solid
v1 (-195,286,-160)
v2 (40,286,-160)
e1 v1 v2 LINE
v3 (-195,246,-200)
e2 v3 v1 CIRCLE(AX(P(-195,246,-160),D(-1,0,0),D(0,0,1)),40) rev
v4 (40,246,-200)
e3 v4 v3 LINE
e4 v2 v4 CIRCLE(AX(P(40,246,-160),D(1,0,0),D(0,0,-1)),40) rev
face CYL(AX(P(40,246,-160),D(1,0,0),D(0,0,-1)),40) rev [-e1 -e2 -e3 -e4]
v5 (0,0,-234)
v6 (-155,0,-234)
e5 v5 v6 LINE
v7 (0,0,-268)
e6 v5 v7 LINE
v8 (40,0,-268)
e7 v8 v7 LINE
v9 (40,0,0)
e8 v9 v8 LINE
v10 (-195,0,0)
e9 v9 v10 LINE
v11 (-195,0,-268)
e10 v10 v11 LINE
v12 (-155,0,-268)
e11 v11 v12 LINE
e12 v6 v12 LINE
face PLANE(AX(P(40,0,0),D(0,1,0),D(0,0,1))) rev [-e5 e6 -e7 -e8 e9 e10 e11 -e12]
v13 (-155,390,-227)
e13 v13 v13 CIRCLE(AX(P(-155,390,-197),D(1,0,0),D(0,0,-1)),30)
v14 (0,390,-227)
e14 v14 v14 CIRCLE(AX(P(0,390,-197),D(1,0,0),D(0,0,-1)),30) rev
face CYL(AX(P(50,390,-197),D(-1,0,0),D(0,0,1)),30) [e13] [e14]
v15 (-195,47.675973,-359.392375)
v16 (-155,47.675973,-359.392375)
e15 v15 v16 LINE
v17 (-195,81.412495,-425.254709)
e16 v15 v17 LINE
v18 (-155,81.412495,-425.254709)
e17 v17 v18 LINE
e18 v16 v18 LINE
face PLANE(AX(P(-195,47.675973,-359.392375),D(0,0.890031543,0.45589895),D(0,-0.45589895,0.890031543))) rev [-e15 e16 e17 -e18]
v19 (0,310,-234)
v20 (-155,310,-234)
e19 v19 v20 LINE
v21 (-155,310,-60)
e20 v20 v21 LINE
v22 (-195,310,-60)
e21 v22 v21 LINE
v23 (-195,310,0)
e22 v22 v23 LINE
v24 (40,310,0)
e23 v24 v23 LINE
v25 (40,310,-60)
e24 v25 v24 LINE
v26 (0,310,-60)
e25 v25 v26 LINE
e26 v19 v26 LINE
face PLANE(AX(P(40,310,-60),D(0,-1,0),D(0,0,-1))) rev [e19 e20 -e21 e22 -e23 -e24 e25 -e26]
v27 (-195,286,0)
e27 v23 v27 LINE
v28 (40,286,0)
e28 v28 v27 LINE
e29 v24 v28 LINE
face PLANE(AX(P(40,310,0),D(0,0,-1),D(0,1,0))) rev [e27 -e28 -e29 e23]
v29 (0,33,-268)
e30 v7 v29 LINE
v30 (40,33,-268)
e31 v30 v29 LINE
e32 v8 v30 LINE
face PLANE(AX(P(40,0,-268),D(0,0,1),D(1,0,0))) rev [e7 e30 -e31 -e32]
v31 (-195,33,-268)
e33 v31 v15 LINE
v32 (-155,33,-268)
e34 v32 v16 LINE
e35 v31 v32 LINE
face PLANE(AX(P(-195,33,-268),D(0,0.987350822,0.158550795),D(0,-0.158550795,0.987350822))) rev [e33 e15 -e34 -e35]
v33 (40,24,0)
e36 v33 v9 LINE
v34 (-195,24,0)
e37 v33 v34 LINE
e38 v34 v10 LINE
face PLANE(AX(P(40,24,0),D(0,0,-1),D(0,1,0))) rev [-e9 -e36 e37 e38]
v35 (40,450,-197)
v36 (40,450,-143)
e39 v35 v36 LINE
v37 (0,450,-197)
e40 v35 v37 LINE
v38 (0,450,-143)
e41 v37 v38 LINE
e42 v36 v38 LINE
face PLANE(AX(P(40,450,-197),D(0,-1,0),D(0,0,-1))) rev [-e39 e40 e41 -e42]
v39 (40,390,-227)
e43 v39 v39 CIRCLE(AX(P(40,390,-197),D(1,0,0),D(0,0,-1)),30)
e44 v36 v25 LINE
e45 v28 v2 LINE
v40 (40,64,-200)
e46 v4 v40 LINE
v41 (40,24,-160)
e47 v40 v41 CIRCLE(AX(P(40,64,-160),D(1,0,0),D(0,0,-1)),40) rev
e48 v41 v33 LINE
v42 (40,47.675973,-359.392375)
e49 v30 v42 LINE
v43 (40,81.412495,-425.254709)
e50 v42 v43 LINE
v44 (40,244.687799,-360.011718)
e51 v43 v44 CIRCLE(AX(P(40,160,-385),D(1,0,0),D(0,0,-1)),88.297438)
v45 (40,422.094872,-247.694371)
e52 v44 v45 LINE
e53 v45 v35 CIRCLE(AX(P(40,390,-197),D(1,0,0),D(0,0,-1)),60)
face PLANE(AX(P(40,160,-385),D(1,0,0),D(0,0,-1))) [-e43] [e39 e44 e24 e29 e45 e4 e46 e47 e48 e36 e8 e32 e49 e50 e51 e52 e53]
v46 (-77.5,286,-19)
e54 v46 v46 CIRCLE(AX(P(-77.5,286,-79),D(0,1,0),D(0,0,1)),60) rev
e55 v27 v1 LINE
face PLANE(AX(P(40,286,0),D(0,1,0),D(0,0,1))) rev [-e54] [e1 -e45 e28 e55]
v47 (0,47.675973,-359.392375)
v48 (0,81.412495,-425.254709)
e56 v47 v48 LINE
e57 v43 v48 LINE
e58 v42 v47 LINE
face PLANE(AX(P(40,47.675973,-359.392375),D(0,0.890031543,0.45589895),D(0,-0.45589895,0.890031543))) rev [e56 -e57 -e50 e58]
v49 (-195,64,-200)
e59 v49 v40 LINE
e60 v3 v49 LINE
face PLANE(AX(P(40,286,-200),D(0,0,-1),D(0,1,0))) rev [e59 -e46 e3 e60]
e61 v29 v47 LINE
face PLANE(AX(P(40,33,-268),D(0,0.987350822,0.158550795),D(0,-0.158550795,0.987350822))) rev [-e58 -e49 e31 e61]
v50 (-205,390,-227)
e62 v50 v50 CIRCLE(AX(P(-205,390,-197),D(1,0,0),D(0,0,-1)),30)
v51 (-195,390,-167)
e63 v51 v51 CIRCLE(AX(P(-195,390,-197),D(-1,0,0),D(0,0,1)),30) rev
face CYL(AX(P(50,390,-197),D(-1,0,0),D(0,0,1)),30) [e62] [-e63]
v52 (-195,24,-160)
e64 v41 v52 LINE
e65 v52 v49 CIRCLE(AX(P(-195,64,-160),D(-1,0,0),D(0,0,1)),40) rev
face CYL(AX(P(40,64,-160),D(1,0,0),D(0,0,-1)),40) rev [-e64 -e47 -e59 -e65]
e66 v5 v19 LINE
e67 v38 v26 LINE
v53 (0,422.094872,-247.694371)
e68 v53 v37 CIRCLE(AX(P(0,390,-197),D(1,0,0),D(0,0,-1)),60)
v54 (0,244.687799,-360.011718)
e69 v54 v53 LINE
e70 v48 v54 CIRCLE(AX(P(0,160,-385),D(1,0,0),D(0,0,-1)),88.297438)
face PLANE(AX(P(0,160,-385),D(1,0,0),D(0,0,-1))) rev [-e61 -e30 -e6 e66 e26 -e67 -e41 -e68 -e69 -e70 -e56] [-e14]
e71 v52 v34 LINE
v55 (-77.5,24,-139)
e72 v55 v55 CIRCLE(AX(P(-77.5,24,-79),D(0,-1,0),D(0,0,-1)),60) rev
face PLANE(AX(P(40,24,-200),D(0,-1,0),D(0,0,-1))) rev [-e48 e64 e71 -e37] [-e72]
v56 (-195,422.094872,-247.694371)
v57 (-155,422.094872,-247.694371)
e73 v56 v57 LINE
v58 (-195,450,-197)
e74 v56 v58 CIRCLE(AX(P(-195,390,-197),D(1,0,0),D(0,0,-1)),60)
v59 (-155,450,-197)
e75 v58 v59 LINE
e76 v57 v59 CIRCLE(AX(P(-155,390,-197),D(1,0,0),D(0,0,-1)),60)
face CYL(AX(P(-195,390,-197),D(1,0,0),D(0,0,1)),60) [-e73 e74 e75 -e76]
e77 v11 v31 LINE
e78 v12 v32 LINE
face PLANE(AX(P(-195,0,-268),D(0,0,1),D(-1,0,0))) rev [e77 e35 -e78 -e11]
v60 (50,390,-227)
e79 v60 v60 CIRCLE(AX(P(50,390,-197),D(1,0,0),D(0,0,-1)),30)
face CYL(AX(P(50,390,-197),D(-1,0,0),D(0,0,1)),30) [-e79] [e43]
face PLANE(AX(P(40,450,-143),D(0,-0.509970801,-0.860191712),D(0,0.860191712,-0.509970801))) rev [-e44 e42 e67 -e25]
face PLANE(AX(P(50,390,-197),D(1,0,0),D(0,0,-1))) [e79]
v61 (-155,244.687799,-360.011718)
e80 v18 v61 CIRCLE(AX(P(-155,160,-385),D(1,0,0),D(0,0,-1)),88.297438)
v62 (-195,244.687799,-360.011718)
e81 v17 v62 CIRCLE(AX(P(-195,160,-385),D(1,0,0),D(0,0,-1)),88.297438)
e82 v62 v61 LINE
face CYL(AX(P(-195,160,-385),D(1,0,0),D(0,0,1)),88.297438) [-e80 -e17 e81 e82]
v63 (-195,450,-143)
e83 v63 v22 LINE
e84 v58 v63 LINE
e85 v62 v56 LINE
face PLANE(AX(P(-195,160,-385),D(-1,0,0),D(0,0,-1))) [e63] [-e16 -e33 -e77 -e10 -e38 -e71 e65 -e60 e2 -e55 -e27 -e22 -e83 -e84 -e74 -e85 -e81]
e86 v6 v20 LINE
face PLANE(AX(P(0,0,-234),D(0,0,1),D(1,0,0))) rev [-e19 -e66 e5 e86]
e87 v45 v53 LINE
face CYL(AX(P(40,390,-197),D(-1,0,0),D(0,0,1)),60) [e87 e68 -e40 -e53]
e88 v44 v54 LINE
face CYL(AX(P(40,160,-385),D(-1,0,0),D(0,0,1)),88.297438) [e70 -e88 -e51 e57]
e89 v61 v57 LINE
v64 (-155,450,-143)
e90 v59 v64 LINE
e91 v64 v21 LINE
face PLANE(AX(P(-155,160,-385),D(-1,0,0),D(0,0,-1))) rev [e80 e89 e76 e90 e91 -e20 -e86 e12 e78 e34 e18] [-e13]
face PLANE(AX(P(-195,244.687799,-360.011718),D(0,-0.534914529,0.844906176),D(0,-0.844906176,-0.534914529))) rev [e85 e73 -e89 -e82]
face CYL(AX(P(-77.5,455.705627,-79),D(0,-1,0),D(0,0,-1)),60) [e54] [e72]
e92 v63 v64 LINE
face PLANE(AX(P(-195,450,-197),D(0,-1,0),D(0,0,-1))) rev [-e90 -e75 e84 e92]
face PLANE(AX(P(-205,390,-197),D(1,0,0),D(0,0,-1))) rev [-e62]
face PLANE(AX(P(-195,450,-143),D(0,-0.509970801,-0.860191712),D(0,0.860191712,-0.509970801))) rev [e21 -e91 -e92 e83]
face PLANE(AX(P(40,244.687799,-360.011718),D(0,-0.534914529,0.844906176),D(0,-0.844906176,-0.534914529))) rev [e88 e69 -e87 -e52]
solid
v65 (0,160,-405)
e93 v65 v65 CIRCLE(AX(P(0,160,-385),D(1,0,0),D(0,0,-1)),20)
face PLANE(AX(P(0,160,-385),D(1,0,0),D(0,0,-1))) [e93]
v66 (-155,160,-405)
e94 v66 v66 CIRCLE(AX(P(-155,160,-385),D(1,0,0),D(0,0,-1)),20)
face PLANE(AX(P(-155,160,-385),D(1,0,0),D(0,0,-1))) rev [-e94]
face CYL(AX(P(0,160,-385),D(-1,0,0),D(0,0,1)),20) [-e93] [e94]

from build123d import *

# Parameters (mm, degrees)
SKETCH1_R           = 30
BOSS_EXTRUDE1_DEPTH = 40
BOSS_EXTRUDE2_DEPTH = 77.5
FILLET1_R           = 40
SKETCH3_R           = 30
BOSS_EXTRUDE3_DEPTH = 127.5
SKETCH4_R           = 20
BOSS_EXTRUDE4_DEPTH = 77.5
SKETCH5_R           = 60
BOSS_EXTRUDE5_DEPTH = 286


with BuildPart() as part:
    # Sketch1 → Boss-Extrude1 (new body)
    with BuildSketch(Plane(origin=(0, 0, 0), x_dir=(0, 0, -1), z_dir=(1, 0, 0))):
        with BuildLine():
            Line((0, 0), (268, 0))
            Line((268, 0), (268, 33))
            Line((268, 33), (359.392375101, 47.67597271))
            Line((359.392375101, 47.67597271), (425.254709277, 81.41249501))
            ThreePointArc((425.254709277, 81.41249501), (466.993732625, 192.763781371), (360.011718162, 244.687799182))
            Line((360.011718162, 244.687799182), (247.694370572, 422.094871744))
            ThreePointArc((247.694370572, 422.094871744), (225.933611038, 442.562782958), (197, 450))
            Line((197, 450), (143, 450))
            Line((143, 450), (60, 310))
            Line((60, 310), (0, 310))
            Line((0, 310), (0, 286))
            Line((0, 286), (200, 286))
            Line((200, 286), (200, 24))
            Line((200, 24), (0, 24))
            Line((0, 24), (0, 0))
        make_face()
        with Locations((197, 390)):
            Circle(SKETCH1_R, mode=Mode.SUBTRACT)
    extrude(amount=BOSS_EXTRUDE1_DEPTH)


with BuildPart() as body_2:
    # Mirror3: mirrored copy
    add(part.part.mirror(Plane(origin=(-77.5, 0, 0), x_dir=(0, 0, 1), z_dir=(1, 0, 0))))


with BuildPart() as part_1:
    add(part.part)

    add(body_2.part)  # Boss-Extrude2 merges body 2
    # Sketch2 → Boss-Extrude2 (add, symmetric)
    with BuildSketch(Plane(origin=(-77.5, 0, 0), x_dir=(0, 0, -1), z_dir=(1, 0, 0))):
        Polygon((0, 0), (234, 0), (234, 310), (0, 310), (0, 286), (200, 286), (200, 24), (0, 24), align=None)
    extrude(amount=BOSS_EXTRUDE2_DEPTH, both=True)

    # Fillet1
    fillet1_edges = [part_1.edges().sort_by_distance(p)[0] for p in [
        (-77.5, 24, -200),
        (-77.5, 286, -200),
    ]]
    fillet(fillet1_edges, radius=FILLET1_R)

    # Sketch3 → Boss-Extrude3 (add, symmetric)
    with BuildSketch(Plane(origin=(-77.5, 0, 0), x_dir=(0, 0, -1), z_dir=(1, 0, 0))):
        with Locations((197, 390)):
            Circle(SKETCH3_R)
    extrude(amount=BOSS_EXTRUDE3_DEPTH, both=True)

    # Sketch5 → Boss-Extrude5 (add)
    with BuildSketch(Plane(origin=(0, 0, 0), x_dir=(1, 0, 0), z_dir=(0, 1, 0))):
        with Locations(Location((-77.5, 79, 0), (0, 0, 90))):
            Circle(SKETCH5_R)
    extrude(amount=BOSS_EXTRUDE5_DEPTH)


with BuildPart() as body_2_2:
    # Sketch4 → Boss-Extrude4 (new, symmetric)
    with BuildSketch(Plane(origin=(-77.5, 0, 0), x_dir=(0, 0, -1), z_dir=(1, 0, 0))):
        with Locations((385, 160)):
            Circle(SKETCH4_R)
    extrude(amount=BOSS_EXTRUDE4_DEPTH, both=True)


solid = Compound([part_1.part, body_2_2.part])
